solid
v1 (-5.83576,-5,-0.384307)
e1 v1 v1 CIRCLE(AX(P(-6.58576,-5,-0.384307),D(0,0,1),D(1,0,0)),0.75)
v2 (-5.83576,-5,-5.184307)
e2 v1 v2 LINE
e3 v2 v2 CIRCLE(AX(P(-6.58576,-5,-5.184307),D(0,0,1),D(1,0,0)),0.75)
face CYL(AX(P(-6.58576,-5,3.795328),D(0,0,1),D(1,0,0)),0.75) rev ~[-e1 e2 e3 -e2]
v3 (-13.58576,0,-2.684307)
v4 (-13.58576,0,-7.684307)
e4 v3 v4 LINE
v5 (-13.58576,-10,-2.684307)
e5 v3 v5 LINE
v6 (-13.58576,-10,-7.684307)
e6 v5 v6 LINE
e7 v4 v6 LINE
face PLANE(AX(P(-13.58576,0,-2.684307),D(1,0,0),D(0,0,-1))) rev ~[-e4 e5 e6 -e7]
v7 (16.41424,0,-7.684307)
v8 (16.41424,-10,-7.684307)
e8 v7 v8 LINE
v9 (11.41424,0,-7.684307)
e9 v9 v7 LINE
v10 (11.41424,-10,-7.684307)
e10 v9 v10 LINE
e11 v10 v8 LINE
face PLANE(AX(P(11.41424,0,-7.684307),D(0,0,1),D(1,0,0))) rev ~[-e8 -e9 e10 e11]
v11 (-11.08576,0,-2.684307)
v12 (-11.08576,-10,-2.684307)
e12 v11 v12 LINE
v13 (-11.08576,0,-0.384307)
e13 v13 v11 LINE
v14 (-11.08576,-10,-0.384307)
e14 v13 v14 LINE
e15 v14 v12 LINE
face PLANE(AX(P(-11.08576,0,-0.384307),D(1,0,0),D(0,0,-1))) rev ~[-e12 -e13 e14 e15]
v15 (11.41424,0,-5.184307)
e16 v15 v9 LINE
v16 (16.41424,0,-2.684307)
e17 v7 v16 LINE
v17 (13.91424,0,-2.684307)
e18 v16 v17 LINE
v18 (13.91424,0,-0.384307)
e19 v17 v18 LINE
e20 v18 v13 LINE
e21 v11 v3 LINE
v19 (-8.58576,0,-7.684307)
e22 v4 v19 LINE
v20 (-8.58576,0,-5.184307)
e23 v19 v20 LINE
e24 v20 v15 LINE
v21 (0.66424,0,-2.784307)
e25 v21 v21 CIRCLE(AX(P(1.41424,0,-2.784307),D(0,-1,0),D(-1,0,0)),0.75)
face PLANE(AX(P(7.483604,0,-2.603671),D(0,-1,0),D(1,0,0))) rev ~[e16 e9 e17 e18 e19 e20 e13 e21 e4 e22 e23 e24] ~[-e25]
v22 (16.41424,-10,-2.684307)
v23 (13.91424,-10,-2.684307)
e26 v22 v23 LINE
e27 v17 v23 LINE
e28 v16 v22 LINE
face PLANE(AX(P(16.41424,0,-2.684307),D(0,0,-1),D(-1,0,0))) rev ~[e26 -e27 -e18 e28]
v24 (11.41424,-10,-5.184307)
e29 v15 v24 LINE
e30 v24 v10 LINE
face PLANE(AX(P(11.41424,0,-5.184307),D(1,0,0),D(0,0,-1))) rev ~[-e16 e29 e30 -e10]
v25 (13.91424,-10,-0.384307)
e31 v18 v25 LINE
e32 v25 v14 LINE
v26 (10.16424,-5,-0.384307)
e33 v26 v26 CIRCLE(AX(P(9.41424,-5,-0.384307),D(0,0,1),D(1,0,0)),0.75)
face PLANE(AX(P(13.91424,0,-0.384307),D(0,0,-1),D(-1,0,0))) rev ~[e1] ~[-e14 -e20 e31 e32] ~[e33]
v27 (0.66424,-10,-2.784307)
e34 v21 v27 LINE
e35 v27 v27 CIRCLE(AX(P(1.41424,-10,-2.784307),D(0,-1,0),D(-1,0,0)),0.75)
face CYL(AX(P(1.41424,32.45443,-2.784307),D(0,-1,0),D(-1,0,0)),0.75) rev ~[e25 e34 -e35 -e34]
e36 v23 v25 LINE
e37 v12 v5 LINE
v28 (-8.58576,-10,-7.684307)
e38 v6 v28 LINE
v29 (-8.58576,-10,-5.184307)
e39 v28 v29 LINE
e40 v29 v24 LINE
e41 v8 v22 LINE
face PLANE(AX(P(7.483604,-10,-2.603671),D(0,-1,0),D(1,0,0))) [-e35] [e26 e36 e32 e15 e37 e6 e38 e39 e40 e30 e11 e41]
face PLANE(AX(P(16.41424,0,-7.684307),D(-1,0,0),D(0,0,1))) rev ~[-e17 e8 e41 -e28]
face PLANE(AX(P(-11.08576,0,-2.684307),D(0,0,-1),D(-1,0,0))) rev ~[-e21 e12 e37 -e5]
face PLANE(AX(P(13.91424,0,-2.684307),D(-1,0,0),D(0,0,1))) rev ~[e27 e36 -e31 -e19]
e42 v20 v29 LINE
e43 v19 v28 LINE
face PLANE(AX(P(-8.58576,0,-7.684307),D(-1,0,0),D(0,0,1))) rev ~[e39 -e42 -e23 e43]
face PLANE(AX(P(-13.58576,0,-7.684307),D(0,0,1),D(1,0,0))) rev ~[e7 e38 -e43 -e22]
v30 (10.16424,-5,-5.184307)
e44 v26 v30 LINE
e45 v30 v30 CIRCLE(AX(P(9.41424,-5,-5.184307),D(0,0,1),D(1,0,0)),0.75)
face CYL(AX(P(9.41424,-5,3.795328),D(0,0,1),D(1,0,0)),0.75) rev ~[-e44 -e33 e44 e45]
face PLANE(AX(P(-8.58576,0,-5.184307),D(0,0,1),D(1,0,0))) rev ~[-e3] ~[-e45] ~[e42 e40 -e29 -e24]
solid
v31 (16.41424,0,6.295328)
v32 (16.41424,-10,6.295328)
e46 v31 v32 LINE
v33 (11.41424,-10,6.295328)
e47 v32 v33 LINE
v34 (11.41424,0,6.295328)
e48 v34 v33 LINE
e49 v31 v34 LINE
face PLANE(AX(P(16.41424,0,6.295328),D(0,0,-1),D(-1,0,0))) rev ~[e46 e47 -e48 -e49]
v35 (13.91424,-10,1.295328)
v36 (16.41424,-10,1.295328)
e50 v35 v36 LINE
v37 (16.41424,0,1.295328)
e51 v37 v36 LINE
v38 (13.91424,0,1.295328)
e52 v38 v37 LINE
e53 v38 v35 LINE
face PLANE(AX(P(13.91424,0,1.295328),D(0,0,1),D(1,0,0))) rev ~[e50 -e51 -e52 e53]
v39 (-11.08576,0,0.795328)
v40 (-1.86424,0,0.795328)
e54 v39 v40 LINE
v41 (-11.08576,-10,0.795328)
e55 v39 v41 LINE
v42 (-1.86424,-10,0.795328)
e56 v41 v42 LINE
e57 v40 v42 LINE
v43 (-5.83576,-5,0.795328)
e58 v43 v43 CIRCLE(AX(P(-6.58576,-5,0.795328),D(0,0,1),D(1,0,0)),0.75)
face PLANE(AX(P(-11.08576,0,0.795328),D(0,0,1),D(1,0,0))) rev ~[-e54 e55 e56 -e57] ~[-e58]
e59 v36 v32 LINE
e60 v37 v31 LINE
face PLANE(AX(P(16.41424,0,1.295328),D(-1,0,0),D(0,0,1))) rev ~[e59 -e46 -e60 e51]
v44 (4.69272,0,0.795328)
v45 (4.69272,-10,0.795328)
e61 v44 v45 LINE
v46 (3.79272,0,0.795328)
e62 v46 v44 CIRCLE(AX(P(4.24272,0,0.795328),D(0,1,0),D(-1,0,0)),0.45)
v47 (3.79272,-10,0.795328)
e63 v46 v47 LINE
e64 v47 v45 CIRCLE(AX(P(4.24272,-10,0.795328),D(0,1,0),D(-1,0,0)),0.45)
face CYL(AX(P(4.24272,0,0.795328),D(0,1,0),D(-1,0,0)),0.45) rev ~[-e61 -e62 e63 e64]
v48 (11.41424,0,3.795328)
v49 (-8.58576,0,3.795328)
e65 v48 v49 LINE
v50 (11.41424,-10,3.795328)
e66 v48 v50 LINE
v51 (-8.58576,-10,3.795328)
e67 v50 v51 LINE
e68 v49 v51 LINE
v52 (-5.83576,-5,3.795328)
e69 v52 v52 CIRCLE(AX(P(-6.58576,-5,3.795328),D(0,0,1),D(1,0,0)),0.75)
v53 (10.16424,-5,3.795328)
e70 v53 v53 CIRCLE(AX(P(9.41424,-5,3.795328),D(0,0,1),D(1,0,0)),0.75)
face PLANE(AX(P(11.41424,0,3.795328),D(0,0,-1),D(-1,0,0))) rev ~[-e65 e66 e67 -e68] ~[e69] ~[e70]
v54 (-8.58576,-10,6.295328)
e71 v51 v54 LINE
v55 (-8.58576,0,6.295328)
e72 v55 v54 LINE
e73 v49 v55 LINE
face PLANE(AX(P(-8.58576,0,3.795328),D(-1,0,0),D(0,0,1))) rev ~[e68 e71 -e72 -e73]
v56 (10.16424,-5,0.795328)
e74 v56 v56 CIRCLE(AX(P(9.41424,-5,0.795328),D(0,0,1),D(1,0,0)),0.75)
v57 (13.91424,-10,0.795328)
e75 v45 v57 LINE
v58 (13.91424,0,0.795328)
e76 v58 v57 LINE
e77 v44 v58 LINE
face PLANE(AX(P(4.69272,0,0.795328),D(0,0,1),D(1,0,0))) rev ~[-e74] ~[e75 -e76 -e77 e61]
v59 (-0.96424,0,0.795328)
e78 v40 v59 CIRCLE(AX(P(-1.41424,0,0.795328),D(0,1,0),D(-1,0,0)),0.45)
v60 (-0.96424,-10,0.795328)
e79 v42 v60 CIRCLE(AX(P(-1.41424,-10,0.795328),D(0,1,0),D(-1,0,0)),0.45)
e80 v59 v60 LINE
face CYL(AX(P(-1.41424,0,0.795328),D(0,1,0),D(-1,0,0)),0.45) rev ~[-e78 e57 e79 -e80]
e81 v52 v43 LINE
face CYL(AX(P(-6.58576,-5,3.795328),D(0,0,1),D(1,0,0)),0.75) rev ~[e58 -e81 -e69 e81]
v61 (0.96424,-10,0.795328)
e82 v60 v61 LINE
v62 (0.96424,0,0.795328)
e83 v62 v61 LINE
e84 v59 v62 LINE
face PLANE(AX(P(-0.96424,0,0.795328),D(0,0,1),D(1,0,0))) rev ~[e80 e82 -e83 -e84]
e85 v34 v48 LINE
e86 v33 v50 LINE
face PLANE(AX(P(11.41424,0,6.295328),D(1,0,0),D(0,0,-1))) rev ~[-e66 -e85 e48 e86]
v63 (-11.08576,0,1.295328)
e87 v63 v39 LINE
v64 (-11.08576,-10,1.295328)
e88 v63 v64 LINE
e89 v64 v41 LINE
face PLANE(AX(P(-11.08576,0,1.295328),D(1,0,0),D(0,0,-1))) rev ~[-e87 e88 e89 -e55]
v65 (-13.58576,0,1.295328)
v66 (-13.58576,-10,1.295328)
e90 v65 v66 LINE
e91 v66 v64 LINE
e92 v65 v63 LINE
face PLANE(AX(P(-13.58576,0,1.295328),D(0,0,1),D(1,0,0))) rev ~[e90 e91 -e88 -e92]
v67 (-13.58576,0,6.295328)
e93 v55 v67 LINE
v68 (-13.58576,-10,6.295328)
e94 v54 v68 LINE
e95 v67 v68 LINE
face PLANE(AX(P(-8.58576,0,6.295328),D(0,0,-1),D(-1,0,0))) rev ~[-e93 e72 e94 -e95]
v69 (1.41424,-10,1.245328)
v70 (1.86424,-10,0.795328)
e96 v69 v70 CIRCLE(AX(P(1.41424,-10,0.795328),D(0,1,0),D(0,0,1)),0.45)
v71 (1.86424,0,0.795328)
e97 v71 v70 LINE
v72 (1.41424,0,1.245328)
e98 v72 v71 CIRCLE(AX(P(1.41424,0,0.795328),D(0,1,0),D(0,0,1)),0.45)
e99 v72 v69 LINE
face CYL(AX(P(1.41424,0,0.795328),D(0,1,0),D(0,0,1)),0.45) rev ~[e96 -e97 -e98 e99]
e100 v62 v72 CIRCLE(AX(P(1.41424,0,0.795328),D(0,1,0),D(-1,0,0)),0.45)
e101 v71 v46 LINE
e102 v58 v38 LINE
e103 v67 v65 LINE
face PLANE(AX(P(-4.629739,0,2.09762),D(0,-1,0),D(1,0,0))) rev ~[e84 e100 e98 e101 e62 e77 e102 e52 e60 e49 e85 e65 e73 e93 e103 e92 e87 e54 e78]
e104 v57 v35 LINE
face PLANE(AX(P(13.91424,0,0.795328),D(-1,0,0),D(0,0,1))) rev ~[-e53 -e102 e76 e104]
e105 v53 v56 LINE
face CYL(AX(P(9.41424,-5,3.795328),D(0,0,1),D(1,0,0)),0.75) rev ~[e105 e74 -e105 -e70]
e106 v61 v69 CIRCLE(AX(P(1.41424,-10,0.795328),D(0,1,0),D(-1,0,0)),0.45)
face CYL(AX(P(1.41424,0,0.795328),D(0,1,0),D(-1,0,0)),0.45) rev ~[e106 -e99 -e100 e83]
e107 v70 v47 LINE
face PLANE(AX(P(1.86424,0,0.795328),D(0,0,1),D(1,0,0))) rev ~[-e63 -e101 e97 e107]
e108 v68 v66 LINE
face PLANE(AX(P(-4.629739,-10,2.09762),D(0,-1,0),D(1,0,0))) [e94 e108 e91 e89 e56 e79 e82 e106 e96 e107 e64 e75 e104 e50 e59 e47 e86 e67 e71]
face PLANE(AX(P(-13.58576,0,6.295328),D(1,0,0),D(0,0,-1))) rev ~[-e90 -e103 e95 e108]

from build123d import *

# Parameters (mm, degrees)
F0_W     = 2.5
F0_H     = 2.5
F1_DEPTH = 10
F2_R     = 0.75
F3_DEPTH = 25
F4_D     = 1.5


with BuildPart() as f1:
    # F0 (on Front) → F1 (new body)
    with BuildSketch(Plane.XZ):
        with BuildLine():
            Line((-11.0857598856, 1.2953278515), (-11.0857598856, 0.7953278515))
            Line((-11.0857598856, 0.7953278515), (-1.8642401144, 0.7953278515))
            ThreePointArc((-1.8642401144, 0.7953278515), (-1.4142401144, 1.2453278515), (-0.9642401144, 0.7953278515))
            Line((-0.9642401144, 0.7953278515), (0.9642401144, 0.7953278515))
            ThreePointArc((0.9642401144, 0.7953278515), (1.0960420629, 1.1135259031), (1.4142401144, 1.2453278515))
            Line((1.4142401144, 1.2453278515), (1.4142401144, 3.7953278515))
            Line((1.4142401144, 3.7953278515), (-8.5857598856, 3.7953278515))
            Line((-8.5857598856, 3.7953278515), (-8.5857598856, 1.2953278515))
            Line((-8.5857598856, 1.2953278515), (-11.0857598856, 1.2953278515))
        make_face()
        with BuildLine():
            Line((1.4142401144, 3.7953278515), (1.4142401144, 1.2453278515))
            ThreePointArc((1.4142401144, 1.2453278515), (1.7324381659, 1.1135259031), (1.8642401144, 0.7953278515))
            Line((1.8642401144, 0.7953278515), (3.7927203432, 0.7953278515))
            ThreePointArc((3.7927203432, 0.7953278515), (4.2427203432, 1.2453278515), (4.6927203432, 0.7953278515))
            Line((4.6927203432, 0.7953278515), (13.9142401144, 0.7953278515))
            Line((13.9142401144, 0.7953278515), (13.9142401144, 1.2953278515))
            Line((13.9142401144, 1.2953278515), (11.4142401144, 1.2953278515))
            Line((11.4142401144, 1.2953278515), (11.4142401144, 3.7953278515))
            Line((11.4142401144, 3.7953278515), (1.4142401144, 3.7953278515))
        make_face()
        Polygon((-13.5857598856, 1.2953278515), (-11.0857598856, 1.2953278515), (-11.0857598856, 3.7953278515), (-8.5857598856, 3.7953278515), (-8.5857598856, 6.2953278515), (-13.5857598856, 6.2953278515), align=None)
        with Locations((-9.8357598856, 2.5453278515)):
            Rectangle(F0_W, F0_H)
        Polygon((11.4142401144, 6.2953278515), (11.4142401144, 3.7953278515), (13.9142401144, 3.7953278515), (13.9142401144, 1.2953278515), (16.4142401144, 1.2953278515), (16.4142401144, 6.2953278515), align=None)
        with Locations((12.6642401144, 2.5453278515)):
            Rectangle(F0_W, F0_H)
    extrude(amount=F1_DEPTH)


with BuildPart() as f1b:
    # F0 (on Front) → F1, piece 2 (new body)
    with BuildSketch(Plane.XZ):
        Polygon((13.9142401144, -0.3843072875), (1.4142401144, -0.3843072875), (1.4142401144, -5.1843072875), (11.4142401144, -5.1843072875), (11.4142401144, -2.6843072875), (13.9142401144, -2.6843072875), align=None)
        with Locations((12.6642401144, -3.9343072875)):
            Rectangle(F0_W, F0_H)
        Polygon((13.9142401144, -5.1843072875), (11.4142401144, -5.1843072875), (11.4142401144, -7.6843072875), (16.4142401144, -7.6843072875), (16.4142401144, -2.6843072875), (13.9142401144, -2.6843072875), align=None)
        Polygon((-11.0857598856, -5.1843072875), (-11.0857598856, -2.6843072875), (-13.5857598856, -2.6843072875), (-13.5857598856, -7.6843072875), (-8.5857598856, -7.6843072875), (-8.5857598856, -5.1843072875), align=None)
        with Locations((-9.8357598856, -3.9343072875)):
            Rectangle(F0_W, F0_H)
        Polygon((1.4142401144, -0.3843072875), (-11.0857598856, -0.3843072875), (-11.0857598856, -2.6843072875), (-8.5857598856, -2.6843072875), (-8.5857598856, -5.1843072875), (1.4142401144, -5.1843072875), align=None)
    extrude(amount=F1_DEPTH)


with BuildPart() as f3_tool:
    # F2 (on face) → F3 (new body)
    with BuildSketch(Plane.XY.offset(3.7953278515)):
        with Locations((-6.5857598856, -5)):
            Circle(F2_R)
        with Locations((9.4142401144, -5)):
            Circle(F2_R)
    extrude(amount=-F3_DEPTH)


with BuildPart() as f1_1:
    add(f1.part)

    # F3: cut by f3_tool
    add(f3_tool.part, mode=Mode.SUBTRACT)


with BuildPart() as f1b_1:
    add(f1b.part)

    # F3: cut by f3_tool
    add(f3_tool.part, mode=Mode.SUBTRACT)

    # F4 (through all)
    with Locations(Plane(origin=(0, 0, 0), x_dir=(1, 0, 0), z_dir=(0, 1, 0))):
        with Locations((1.4142401144, 2.7843072875)):
            Hole(F4_D / 2)


solid = Compound([f1_1.part, f1b_1.part])
